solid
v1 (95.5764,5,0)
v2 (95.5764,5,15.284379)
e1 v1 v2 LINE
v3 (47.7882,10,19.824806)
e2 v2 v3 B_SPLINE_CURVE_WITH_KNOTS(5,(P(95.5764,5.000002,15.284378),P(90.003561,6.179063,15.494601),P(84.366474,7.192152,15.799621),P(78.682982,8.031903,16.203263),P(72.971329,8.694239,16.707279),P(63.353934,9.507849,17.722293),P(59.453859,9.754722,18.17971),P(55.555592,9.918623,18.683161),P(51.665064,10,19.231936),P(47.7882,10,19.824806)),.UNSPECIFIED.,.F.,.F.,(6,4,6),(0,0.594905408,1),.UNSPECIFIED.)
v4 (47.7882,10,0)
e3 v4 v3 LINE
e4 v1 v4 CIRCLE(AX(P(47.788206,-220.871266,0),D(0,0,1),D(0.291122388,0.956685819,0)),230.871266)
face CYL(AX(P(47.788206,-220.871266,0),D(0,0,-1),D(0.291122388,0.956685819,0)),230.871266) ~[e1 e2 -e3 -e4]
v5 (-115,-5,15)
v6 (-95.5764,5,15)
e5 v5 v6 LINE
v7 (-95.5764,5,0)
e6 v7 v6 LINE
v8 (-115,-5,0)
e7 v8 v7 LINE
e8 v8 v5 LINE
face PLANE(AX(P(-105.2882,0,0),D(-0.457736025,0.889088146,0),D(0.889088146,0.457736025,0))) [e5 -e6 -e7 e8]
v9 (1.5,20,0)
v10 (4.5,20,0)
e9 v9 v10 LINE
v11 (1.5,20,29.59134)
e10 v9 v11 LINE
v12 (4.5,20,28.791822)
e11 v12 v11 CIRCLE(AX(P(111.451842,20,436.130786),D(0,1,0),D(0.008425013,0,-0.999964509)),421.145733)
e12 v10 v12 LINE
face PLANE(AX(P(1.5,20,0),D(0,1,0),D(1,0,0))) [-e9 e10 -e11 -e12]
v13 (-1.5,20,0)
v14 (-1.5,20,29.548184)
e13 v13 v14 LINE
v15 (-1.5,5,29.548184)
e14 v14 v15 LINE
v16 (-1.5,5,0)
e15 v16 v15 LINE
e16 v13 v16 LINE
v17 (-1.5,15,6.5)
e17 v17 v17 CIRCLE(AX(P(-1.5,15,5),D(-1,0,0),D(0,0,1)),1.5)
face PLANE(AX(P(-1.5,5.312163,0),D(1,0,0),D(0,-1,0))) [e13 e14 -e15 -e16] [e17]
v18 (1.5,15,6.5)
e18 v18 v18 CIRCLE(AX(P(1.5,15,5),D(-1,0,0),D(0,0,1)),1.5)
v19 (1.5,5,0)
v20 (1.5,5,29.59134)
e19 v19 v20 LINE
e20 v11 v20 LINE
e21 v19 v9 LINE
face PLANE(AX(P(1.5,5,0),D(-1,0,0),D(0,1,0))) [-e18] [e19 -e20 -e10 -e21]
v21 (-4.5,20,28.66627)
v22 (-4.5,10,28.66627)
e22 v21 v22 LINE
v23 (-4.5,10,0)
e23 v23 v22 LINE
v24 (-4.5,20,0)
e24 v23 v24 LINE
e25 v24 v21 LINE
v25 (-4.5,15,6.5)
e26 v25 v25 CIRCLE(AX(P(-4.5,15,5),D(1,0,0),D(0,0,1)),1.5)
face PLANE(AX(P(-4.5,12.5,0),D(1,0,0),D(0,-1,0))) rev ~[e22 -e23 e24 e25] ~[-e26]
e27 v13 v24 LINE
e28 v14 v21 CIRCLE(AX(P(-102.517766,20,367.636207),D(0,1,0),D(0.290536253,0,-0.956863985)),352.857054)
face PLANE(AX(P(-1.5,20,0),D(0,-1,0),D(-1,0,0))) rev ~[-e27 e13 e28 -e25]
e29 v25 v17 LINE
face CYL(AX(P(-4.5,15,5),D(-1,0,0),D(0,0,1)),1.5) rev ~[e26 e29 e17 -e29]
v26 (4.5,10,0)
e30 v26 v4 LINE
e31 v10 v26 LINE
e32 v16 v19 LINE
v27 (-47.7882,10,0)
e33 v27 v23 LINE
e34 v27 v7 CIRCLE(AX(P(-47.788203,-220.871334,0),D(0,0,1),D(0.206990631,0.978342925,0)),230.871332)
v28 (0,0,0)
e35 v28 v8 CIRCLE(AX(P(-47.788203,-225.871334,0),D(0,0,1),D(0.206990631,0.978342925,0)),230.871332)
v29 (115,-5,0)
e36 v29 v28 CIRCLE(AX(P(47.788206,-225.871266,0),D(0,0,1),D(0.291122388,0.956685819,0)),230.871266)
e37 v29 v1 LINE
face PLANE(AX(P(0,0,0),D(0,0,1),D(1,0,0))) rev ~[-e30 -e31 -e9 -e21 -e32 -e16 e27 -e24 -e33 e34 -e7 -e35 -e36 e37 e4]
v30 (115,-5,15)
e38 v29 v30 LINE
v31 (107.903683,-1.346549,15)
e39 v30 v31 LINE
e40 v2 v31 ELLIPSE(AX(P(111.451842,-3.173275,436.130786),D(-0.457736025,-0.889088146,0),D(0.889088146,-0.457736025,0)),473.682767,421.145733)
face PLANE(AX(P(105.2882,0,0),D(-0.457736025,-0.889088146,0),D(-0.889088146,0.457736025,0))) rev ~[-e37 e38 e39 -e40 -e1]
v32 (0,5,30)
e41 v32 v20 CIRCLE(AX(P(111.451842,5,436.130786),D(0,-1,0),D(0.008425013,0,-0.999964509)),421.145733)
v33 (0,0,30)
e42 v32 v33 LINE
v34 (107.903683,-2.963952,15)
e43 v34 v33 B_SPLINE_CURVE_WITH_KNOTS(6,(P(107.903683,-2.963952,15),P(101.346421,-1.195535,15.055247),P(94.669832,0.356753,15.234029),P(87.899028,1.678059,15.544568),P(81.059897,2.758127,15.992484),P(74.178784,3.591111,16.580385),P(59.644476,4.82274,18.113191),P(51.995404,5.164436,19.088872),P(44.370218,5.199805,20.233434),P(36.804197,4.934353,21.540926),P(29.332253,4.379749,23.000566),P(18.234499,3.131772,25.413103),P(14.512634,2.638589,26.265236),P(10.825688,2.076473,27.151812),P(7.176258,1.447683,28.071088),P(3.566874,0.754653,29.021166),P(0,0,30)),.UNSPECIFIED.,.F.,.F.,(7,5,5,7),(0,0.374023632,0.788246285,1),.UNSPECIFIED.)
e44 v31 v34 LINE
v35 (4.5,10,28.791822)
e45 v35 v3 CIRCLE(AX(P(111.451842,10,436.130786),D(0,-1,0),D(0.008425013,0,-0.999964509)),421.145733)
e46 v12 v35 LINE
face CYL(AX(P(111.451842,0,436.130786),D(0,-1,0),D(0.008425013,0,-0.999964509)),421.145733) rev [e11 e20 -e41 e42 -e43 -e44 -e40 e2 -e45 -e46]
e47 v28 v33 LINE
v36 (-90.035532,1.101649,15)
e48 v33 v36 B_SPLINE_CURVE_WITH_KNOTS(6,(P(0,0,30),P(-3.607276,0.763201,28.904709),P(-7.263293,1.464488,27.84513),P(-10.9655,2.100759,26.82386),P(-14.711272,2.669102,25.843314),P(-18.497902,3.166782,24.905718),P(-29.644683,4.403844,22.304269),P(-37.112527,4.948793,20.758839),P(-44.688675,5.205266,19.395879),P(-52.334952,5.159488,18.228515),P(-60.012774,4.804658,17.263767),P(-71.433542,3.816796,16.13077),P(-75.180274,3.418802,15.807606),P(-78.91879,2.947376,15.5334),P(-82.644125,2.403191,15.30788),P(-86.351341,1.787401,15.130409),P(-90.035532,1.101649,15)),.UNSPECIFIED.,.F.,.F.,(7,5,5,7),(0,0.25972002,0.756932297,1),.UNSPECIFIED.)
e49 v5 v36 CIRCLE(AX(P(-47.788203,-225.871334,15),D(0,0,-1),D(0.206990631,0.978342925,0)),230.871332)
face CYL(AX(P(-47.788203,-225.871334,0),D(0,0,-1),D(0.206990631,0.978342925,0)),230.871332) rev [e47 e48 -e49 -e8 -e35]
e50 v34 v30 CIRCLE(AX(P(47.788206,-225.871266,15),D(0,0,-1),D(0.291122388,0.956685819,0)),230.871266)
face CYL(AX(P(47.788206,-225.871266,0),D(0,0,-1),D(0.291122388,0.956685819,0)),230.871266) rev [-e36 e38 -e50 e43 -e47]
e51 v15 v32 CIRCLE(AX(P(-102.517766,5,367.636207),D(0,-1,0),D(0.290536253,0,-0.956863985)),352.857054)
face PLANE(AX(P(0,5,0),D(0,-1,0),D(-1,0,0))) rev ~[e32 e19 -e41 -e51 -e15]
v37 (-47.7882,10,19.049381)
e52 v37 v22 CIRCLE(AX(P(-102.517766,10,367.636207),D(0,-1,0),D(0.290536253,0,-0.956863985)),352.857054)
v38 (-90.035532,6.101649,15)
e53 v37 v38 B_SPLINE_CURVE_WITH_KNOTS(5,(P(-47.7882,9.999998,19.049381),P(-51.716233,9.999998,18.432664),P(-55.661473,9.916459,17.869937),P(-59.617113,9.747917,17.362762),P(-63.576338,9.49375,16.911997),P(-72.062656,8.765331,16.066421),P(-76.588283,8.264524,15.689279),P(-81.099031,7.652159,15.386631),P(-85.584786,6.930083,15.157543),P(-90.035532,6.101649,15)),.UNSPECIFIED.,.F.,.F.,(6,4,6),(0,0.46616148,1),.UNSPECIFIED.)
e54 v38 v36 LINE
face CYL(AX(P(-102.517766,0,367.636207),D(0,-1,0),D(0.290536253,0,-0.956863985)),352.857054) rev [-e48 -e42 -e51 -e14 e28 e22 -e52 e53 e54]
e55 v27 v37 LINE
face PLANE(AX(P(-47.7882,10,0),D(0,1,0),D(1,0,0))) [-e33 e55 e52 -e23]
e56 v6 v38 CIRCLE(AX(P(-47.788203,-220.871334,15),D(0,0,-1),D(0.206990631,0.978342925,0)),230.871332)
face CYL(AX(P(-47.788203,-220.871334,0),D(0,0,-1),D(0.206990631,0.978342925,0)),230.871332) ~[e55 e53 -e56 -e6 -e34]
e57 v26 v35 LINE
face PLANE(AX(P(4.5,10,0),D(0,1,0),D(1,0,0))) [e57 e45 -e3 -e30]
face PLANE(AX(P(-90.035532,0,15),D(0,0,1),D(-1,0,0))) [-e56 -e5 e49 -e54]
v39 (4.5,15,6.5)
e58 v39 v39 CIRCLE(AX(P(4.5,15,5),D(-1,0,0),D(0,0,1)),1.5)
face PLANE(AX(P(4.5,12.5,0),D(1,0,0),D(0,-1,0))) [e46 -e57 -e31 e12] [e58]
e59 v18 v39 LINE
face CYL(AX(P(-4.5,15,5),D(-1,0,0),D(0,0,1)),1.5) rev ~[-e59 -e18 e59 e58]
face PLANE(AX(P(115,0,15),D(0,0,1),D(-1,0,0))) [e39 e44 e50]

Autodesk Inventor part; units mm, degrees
ref_plane "YZ Plane" through (0, 0, 0) normal (1, 0, 0) x (0, 1, 0)
ref_plane "XZ Plane" through (0, 0, 0) normal (0, 1, 0) x (-1, 0, 0)
ref_plane "XY Plane" through (0, 0, 0) normal (0, 0, 1) x (1, 0, 0)
sketch "Эскиз1" plane through (0, 0, 0) normal (0, 0, 1) x (1, 0, 0)
  line L0 (115, 5) -> (-115, 5)
  line L1 (-115, 5) -> (-115, -5)
  line L2 (-115, -5) -> (115, -5)
  line L3 (115, -5) -> (115, 5)
  line L4 (115, 5) -> (-115, -5) construction
  line L5 (-115, 5) -> (115, -5) construction
  arc A0 (0, 0) -> (-115, -5) centre (-47.7882, -225.8713) ccw
  arc A1 (115, -5) -> (0, 0) centre (47.7882, -225.8713) ccw
  line L6 (115, 10) -> (-115, 10)
  line L7 (-115, 10) -> (-115, 0)
  line L8 (-115, 0) -> (115, 0)
  line L9 (115, 0) -> (115, 10)
  line L10 (115, 10) -> (-115, 0) construction
  line L11 (-115, 10) -> (115, 0) construction
  arc A2 (0, 5) -> (-115, 0) centre (-47.7882, -220.8713) ccw
  arc A3 (115, 0) -> (0, 5) centre (47.7882, -220.8713) ccw
  line L12 (-115, -5) -> (-95.5764, 5)
  line L13 (115, -5) -> (95.5764, 5)
  line L14 (1.5, 15) -> (-1.5, 15)
  line L15 (-1.5, 15) -> (-1.5, -5)
  line L16 (-1.5, -5) -> (1.5, -5)
  line L17 (1.5, -5) -> (1.5, 15)
  line L18 (1.5, 15) -> (-1.5, -5) construction
  line L19 (-1.5, 15) -> (1.5, -5) construction
  line L20 (-1.5, 5) -> (1.5, 5)
  line L21 (1.5, 5) -> (1.5, 20)
  line L22 (1.5, 20) -> (-1.5, 20)
  line L23 (-1.5, 20) -> (-1.5, 5)
  circle A4 centre (0, 15) radius 1.5
  line L24 (1.5, 20) -> (4.5, 20)
  line L25 (4.5, 20) -> (4.5, 5)
  line L26 (4.5, 5) -> (1.5, 5)
  line L27 (1.5, 5) -> (1.5, 20)
  line L28 (-1.5, 20) -> (-4.5, 20)
  line L29 (-4.5, 20) -> (-4.5, 5)
  line L30 (-4.5, 5) -> (-1.5, 5)
  line L31 (-1.5, 5) -> (-1.5, 20)
  line L32 (-47.7882, 10) -> (-4.5, 10)
  line L33 (4.5, 10) -> (47.7882, 10)
  line L34 (4.5, 13.5) -> (-4.5, 13.5)
  line L35 (-4.5, 13.5) -> (-4.5, 16.5)
  line L36 (-4.5, 16.5) -> (4.5, 16.5)
  line L37 (4.5, 16.5) -> (4.5, 13.5)
  line L38 (4.5, 13.5) -> (-4.5, 16.5) construction
  line L39 (-4.5, 13.5) -> (4.5, 16.5) construction
  line L40 (4.5, 12.5) -> (-4.5, 12.5)
  line L41 (-4.5, 12.5) -> (-4.5, 17.5)
  line L42 (-4.5, 17.5) -> (4.5, 17.5)
  line L43 (4.5, 17.5) -> (4.5, 12.5)
  line L44 (4.5, 12.5) -> (-4.5, 17.5) construction
  line L45 (-4.5, 12.5) -> (4.5, 17.5) construction
  point P0 (1.5, 5.3122)
  point P1 (4.5, 5.9054)
  point P2 (-4.5, 5.9054)
  point P3 (-1.5, 5.3122)
  dimension "d6" = 3
  dimension "d0" = 230
  dimension "d1" = 10
  dimension "d4" = 3
  dimension "d5" = 15
  dimension "d7" = 3
  dimension "d8" = 3
  dimension "d9" = 5
extrude "Выдавливание1" add sketch "Эскиз1" along normal blind 30 contours L13 L8 A1 L0 | L0 L25 A3 | A1 L17 L0 | A3 L25 L6 | L13 A1 L8 | L0 L17 A3 L25 | A1 A0 L15 L0 L17 | L25 A3 L17 L6 | L6 L17 L40 L25 | L40 L17 L34 L25 | A0 L0 L15 | L15 A2 L29 L6 | L6 L29 L40 L15 | L34 L17 L21 L36 L25 | L12 L8 A0 | L0 L29 A2 L15 | L0 A2 L29 | A0 L8 L12 L0 | L29 A2 L6 | L40 L29 L34 L15 | L36 L21 L42 L25 | L34 L29 L36 L23 L15 | L42 L21 L24 L25 | L29 L42 L23 L36 | L42 L29 L28 L23
sketch "Эскиз2" plane through (0, 0, 0) normal (0, 1, 0) x (-1, 0, 0)
  line L0 (115, 0) -> (0, 0) projected
  line L1 (0, 0) -> (0, 30) projected
  line L2 (115, 30) -> (0, 30) projected
  line L3 (115, 0) -> (115, 30) projected
  line L4 (0, 0) -> (-115, 0) projected
  line L5 (-115, 0) -> (-115, 30) projected
  line L6 (0, 30) -> (-115, 30) projected
  line L7 (0, 0) -> (0, 30) projected
  line L8 (95.5764, 0) -> (115, 0) projected
  line L9 (-115, 0) -> (-115, 30) projected
  line L10 (115, 0) -> (-115, 0)
  line L11 (-115, 0) -> (-115, 15)
  line L12 (-115, 15) -> (115, 15)
  line L13 (115, 15) -> (115, 0)
  line L14 (0, 0) -> (0, 30) projected
  arc A0 (0, 30) -> (115, 15) centre (102.5177, 367.6359) ccw
  arc A1 (-115, 15) -> (0, 30) centre (-111.4518, 436.1301) ccw
  point P0 (90.0355, 15)
  point P1 (-107.9035, 15)
extrude "Выдавливание2" cut sketch "Эскиз2" along normal mid plane 40 contours L12 A0 L2 L3 | A1 L12 L5 L6
sketch "Эскиз7" plane through (-4.5, 10, 0) normal (-1, 0, 0) x (0, 0, 1)
  line L0 (0, 10) -> (28.6663, 10) projected
  line L1 (0, 10) -> (5, 10)
  line L2 (5, 10) -> (5, 5)
  line L3 (5, 5) -> (0, 5)
  line L4 (0, 5) -> (0, 10)
  circle A0 centre (5, 5) radius 1.5
  point P0 (0, -10)
  dimension "d68" = 5
  dimension "d69" = 5
  dimension "d70" = 3
extrude "Выдавливание7" cut sketch "Эскиз7" against normal blind 40 contours A0 L3 L2 | L2 L3 A0
properties part number "пиналка_верх"
